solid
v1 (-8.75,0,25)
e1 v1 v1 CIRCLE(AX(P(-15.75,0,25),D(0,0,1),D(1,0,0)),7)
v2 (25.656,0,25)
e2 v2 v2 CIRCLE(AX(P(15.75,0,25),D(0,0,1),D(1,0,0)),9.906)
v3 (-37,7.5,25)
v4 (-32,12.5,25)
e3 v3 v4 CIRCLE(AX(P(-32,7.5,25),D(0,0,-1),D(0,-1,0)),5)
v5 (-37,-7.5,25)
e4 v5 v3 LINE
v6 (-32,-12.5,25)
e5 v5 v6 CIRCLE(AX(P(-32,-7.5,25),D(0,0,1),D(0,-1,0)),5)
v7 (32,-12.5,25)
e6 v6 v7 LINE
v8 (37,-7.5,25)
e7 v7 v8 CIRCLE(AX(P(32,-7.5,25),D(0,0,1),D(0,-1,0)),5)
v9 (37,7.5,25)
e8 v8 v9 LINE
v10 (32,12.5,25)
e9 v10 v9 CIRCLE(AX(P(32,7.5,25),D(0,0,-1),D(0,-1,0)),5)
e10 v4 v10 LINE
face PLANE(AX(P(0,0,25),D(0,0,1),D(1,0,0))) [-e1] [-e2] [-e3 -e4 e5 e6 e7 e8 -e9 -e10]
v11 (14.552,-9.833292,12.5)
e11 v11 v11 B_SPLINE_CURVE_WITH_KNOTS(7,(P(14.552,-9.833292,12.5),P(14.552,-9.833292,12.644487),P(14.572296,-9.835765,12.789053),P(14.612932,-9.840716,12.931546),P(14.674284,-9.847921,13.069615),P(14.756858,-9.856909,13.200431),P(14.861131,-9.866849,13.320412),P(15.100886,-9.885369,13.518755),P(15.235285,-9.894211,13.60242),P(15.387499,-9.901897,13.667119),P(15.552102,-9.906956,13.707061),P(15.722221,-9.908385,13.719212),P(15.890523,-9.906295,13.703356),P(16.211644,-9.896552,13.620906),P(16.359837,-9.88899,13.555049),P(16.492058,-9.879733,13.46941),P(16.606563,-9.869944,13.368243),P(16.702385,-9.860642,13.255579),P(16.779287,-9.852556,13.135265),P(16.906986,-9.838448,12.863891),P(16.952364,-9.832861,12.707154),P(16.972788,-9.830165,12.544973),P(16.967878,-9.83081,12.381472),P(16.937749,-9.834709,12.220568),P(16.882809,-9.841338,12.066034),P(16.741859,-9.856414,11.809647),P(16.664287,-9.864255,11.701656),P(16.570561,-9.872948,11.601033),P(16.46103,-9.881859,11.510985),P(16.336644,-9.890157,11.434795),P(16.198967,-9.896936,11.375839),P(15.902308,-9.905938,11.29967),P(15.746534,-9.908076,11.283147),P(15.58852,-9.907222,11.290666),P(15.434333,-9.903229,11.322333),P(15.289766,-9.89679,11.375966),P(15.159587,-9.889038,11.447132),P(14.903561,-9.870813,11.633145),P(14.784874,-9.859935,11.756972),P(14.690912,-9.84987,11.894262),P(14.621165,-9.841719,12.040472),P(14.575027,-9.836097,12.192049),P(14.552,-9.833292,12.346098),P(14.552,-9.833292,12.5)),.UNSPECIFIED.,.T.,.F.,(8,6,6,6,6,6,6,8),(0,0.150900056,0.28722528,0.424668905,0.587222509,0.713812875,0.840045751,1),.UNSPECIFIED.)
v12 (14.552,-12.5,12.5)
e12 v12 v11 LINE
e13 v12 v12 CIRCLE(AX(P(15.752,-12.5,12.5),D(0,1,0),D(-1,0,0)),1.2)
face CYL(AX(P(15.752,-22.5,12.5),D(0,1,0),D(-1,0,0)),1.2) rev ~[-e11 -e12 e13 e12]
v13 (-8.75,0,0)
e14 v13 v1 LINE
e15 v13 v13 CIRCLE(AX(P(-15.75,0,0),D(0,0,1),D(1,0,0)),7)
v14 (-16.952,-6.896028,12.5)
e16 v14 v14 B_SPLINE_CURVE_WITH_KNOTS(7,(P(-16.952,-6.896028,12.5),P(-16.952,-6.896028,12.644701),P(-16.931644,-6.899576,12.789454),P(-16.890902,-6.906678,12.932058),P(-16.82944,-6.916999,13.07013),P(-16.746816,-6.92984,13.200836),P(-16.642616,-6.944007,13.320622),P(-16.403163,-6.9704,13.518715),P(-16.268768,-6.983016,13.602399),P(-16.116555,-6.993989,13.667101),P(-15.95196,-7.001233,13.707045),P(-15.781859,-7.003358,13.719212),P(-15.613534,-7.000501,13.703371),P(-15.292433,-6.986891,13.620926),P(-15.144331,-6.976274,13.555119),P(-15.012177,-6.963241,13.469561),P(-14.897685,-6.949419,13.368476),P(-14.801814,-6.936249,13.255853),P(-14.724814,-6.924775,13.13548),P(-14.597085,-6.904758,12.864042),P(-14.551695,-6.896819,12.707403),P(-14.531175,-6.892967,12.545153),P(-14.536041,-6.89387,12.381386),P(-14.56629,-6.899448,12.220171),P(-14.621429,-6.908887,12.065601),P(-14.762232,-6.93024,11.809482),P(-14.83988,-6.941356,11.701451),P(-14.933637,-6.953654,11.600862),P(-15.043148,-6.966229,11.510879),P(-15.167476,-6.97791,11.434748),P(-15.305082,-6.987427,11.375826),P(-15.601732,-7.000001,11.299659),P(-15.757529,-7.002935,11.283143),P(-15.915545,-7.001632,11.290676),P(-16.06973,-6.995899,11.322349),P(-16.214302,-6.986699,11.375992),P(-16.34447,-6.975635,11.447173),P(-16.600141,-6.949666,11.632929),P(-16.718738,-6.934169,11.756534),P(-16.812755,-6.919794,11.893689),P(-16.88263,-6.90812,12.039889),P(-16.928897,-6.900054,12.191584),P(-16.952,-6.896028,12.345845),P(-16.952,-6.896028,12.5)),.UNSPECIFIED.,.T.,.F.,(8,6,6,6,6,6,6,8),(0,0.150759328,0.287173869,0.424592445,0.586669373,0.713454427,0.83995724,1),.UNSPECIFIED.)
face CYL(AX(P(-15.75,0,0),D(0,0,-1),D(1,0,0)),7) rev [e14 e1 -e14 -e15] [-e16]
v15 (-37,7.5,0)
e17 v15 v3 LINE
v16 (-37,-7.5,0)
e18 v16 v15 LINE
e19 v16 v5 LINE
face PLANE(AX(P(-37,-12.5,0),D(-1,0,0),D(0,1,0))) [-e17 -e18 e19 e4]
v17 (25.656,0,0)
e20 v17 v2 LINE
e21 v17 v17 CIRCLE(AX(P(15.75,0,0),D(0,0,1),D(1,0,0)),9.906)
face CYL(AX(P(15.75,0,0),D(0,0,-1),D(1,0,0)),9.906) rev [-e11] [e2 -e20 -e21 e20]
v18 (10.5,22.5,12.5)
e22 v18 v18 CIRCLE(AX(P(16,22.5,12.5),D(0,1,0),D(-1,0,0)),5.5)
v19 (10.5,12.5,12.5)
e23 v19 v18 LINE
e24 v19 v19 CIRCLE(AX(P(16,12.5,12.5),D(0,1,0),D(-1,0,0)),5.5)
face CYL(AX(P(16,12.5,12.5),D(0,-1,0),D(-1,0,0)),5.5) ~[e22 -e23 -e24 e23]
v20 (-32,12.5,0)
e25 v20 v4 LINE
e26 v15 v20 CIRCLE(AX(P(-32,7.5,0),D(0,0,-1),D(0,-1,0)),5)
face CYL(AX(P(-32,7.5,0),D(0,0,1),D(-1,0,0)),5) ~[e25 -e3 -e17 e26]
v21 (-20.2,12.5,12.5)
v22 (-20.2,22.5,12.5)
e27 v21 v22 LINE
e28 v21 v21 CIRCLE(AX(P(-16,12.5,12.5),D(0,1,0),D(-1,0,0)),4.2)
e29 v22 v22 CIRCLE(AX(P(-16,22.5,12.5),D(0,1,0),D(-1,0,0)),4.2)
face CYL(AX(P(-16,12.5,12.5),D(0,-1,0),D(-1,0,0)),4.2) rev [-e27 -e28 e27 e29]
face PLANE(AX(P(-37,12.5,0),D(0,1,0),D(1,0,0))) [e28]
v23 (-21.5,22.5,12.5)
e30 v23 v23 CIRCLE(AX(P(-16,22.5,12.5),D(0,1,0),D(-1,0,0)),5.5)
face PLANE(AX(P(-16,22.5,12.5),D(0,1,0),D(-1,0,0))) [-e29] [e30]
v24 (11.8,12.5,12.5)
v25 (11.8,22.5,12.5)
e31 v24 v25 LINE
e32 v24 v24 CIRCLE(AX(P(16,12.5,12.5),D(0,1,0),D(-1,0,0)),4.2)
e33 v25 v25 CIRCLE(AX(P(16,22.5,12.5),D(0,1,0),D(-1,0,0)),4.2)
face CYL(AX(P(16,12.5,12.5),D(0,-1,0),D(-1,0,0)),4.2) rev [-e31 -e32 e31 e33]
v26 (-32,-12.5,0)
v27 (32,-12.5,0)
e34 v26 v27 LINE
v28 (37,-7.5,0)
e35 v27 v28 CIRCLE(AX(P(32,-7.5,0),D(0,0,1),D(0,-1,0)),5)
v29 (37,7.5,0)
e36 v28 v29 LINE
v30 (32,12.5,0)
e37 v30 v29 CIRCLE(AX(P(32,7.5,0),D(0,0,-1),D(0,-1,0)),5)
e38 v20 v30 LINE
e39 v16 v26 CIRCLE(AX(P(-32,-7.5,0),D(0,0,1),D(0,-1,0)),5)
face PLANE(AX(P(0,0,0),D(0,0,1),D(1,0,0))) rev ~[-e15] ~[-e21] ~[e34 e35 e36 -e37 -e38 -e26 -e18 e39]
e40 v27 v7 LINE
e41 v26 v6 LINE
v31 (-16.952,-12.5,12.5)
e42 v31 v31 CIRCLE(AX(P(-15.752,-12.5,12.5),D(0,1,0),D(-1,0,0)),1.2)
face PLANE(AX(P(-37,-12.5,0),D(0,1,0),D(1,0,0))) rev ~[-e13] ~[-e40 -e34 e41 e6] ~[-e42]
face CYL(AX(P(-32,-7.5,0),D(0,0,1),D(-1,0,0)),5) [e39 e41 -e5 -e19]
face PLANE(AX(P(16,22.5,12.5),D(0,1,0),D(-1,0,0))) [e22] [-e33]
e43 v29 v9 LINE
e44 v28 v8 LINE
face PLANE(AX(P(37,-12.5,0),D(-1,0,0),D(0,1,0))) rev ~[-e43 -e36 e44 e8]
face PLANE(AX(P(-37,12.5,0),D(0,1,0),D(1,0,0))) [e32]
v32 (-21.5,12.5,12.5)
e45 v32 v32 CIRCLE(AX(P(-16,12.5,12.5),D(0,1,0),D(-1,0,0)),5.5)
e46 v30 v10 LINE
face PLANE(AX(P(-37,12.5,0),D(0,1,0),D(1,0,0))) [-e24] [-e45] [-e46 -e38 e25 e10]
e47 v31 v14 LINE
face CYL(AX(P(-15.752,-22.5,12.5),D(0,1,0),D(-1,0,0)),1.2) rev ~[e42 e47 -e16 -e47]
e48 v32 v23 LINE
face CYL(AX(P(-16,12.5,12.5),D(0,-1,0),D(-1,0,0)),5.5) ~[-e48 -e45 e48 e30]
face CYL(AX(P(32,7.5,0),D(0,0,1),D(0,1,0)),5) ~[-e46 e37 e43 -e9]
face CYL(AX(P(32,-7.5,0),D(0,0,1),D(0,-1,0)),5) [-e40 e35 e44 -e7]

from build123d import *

# Parameters (mm, degrees)
F0_W     = 74
F0_H     = 25
F0_R     = 7
F0_R_2   = 9.906
F1_DEPTH = 25
F3_D     = 2.4
F3_DEPTH = 10
F3_TIP   = 0.7210327428
F4_R     = 5
F5_R     = 5.5
F5_R_2   = 4.2
F6_DEPTH = 10


with BuildPart() as f1:
    # F0 (on Top) → F1 (new body)
    with BuildSketch(Plane.XY):
        Rectangle(F0_W, F0_H)
        with Locations((-15.75, 0)):
            Circle(F0_R, mode=Mode.SUBTRACT)
        with Locations((15.75, 0)):
            Circle(F0_R_2, mode=Mode.SUBTRACT)
    extrude(amount=F1_DEPTH)

    # F3
    with Locations(Plane.XZ.offset(12.5)):
        with Locations((15.752, 12.5), (-15.752, 12.5)):
            Hole(F3_D / 2, depth=F3_DEPTH)
            with Locations((0, 0, -(F3_DEPTH + F3_TIP / 2))):  # 118° drill point
                Cone(0, F3_D / 2, F3_TIP, mode=Mode.SUBTRACT)

    # F4
    f4_edges = [f1.edges().sort_by_distance(p)[0] for p in [
        (-37, -12.5, 12.5),
        (37, -12.5, 12.5),
        (37, 12.5, 12.5),
        (-37, 12.5, 12.5),
    ]]
    fillet(f4_edges, radius=F4_R)

    # F5 (on face) → F6 (join)
    with BuildSketch(Plane(origin=(0, 12.5, 0), x_dir=(-1, 0, 0), z_dir=(0, 1, 0))):
        with Locations((-16, 12.5)):
            Circle(F5_R)
        with Locations((-16, 12.5)):
            Circle(F5_R_2, mode=Mode.SUBTRACT)
        with Locations((16, 12.5)):
            Circle(F5_R)
        with Locations((16, 12.5)):
            Circle(F5_R_2, mode=Mode.SUBTRACT)
    extrude(amount=F6_DEPTH)


solid = f1.part
